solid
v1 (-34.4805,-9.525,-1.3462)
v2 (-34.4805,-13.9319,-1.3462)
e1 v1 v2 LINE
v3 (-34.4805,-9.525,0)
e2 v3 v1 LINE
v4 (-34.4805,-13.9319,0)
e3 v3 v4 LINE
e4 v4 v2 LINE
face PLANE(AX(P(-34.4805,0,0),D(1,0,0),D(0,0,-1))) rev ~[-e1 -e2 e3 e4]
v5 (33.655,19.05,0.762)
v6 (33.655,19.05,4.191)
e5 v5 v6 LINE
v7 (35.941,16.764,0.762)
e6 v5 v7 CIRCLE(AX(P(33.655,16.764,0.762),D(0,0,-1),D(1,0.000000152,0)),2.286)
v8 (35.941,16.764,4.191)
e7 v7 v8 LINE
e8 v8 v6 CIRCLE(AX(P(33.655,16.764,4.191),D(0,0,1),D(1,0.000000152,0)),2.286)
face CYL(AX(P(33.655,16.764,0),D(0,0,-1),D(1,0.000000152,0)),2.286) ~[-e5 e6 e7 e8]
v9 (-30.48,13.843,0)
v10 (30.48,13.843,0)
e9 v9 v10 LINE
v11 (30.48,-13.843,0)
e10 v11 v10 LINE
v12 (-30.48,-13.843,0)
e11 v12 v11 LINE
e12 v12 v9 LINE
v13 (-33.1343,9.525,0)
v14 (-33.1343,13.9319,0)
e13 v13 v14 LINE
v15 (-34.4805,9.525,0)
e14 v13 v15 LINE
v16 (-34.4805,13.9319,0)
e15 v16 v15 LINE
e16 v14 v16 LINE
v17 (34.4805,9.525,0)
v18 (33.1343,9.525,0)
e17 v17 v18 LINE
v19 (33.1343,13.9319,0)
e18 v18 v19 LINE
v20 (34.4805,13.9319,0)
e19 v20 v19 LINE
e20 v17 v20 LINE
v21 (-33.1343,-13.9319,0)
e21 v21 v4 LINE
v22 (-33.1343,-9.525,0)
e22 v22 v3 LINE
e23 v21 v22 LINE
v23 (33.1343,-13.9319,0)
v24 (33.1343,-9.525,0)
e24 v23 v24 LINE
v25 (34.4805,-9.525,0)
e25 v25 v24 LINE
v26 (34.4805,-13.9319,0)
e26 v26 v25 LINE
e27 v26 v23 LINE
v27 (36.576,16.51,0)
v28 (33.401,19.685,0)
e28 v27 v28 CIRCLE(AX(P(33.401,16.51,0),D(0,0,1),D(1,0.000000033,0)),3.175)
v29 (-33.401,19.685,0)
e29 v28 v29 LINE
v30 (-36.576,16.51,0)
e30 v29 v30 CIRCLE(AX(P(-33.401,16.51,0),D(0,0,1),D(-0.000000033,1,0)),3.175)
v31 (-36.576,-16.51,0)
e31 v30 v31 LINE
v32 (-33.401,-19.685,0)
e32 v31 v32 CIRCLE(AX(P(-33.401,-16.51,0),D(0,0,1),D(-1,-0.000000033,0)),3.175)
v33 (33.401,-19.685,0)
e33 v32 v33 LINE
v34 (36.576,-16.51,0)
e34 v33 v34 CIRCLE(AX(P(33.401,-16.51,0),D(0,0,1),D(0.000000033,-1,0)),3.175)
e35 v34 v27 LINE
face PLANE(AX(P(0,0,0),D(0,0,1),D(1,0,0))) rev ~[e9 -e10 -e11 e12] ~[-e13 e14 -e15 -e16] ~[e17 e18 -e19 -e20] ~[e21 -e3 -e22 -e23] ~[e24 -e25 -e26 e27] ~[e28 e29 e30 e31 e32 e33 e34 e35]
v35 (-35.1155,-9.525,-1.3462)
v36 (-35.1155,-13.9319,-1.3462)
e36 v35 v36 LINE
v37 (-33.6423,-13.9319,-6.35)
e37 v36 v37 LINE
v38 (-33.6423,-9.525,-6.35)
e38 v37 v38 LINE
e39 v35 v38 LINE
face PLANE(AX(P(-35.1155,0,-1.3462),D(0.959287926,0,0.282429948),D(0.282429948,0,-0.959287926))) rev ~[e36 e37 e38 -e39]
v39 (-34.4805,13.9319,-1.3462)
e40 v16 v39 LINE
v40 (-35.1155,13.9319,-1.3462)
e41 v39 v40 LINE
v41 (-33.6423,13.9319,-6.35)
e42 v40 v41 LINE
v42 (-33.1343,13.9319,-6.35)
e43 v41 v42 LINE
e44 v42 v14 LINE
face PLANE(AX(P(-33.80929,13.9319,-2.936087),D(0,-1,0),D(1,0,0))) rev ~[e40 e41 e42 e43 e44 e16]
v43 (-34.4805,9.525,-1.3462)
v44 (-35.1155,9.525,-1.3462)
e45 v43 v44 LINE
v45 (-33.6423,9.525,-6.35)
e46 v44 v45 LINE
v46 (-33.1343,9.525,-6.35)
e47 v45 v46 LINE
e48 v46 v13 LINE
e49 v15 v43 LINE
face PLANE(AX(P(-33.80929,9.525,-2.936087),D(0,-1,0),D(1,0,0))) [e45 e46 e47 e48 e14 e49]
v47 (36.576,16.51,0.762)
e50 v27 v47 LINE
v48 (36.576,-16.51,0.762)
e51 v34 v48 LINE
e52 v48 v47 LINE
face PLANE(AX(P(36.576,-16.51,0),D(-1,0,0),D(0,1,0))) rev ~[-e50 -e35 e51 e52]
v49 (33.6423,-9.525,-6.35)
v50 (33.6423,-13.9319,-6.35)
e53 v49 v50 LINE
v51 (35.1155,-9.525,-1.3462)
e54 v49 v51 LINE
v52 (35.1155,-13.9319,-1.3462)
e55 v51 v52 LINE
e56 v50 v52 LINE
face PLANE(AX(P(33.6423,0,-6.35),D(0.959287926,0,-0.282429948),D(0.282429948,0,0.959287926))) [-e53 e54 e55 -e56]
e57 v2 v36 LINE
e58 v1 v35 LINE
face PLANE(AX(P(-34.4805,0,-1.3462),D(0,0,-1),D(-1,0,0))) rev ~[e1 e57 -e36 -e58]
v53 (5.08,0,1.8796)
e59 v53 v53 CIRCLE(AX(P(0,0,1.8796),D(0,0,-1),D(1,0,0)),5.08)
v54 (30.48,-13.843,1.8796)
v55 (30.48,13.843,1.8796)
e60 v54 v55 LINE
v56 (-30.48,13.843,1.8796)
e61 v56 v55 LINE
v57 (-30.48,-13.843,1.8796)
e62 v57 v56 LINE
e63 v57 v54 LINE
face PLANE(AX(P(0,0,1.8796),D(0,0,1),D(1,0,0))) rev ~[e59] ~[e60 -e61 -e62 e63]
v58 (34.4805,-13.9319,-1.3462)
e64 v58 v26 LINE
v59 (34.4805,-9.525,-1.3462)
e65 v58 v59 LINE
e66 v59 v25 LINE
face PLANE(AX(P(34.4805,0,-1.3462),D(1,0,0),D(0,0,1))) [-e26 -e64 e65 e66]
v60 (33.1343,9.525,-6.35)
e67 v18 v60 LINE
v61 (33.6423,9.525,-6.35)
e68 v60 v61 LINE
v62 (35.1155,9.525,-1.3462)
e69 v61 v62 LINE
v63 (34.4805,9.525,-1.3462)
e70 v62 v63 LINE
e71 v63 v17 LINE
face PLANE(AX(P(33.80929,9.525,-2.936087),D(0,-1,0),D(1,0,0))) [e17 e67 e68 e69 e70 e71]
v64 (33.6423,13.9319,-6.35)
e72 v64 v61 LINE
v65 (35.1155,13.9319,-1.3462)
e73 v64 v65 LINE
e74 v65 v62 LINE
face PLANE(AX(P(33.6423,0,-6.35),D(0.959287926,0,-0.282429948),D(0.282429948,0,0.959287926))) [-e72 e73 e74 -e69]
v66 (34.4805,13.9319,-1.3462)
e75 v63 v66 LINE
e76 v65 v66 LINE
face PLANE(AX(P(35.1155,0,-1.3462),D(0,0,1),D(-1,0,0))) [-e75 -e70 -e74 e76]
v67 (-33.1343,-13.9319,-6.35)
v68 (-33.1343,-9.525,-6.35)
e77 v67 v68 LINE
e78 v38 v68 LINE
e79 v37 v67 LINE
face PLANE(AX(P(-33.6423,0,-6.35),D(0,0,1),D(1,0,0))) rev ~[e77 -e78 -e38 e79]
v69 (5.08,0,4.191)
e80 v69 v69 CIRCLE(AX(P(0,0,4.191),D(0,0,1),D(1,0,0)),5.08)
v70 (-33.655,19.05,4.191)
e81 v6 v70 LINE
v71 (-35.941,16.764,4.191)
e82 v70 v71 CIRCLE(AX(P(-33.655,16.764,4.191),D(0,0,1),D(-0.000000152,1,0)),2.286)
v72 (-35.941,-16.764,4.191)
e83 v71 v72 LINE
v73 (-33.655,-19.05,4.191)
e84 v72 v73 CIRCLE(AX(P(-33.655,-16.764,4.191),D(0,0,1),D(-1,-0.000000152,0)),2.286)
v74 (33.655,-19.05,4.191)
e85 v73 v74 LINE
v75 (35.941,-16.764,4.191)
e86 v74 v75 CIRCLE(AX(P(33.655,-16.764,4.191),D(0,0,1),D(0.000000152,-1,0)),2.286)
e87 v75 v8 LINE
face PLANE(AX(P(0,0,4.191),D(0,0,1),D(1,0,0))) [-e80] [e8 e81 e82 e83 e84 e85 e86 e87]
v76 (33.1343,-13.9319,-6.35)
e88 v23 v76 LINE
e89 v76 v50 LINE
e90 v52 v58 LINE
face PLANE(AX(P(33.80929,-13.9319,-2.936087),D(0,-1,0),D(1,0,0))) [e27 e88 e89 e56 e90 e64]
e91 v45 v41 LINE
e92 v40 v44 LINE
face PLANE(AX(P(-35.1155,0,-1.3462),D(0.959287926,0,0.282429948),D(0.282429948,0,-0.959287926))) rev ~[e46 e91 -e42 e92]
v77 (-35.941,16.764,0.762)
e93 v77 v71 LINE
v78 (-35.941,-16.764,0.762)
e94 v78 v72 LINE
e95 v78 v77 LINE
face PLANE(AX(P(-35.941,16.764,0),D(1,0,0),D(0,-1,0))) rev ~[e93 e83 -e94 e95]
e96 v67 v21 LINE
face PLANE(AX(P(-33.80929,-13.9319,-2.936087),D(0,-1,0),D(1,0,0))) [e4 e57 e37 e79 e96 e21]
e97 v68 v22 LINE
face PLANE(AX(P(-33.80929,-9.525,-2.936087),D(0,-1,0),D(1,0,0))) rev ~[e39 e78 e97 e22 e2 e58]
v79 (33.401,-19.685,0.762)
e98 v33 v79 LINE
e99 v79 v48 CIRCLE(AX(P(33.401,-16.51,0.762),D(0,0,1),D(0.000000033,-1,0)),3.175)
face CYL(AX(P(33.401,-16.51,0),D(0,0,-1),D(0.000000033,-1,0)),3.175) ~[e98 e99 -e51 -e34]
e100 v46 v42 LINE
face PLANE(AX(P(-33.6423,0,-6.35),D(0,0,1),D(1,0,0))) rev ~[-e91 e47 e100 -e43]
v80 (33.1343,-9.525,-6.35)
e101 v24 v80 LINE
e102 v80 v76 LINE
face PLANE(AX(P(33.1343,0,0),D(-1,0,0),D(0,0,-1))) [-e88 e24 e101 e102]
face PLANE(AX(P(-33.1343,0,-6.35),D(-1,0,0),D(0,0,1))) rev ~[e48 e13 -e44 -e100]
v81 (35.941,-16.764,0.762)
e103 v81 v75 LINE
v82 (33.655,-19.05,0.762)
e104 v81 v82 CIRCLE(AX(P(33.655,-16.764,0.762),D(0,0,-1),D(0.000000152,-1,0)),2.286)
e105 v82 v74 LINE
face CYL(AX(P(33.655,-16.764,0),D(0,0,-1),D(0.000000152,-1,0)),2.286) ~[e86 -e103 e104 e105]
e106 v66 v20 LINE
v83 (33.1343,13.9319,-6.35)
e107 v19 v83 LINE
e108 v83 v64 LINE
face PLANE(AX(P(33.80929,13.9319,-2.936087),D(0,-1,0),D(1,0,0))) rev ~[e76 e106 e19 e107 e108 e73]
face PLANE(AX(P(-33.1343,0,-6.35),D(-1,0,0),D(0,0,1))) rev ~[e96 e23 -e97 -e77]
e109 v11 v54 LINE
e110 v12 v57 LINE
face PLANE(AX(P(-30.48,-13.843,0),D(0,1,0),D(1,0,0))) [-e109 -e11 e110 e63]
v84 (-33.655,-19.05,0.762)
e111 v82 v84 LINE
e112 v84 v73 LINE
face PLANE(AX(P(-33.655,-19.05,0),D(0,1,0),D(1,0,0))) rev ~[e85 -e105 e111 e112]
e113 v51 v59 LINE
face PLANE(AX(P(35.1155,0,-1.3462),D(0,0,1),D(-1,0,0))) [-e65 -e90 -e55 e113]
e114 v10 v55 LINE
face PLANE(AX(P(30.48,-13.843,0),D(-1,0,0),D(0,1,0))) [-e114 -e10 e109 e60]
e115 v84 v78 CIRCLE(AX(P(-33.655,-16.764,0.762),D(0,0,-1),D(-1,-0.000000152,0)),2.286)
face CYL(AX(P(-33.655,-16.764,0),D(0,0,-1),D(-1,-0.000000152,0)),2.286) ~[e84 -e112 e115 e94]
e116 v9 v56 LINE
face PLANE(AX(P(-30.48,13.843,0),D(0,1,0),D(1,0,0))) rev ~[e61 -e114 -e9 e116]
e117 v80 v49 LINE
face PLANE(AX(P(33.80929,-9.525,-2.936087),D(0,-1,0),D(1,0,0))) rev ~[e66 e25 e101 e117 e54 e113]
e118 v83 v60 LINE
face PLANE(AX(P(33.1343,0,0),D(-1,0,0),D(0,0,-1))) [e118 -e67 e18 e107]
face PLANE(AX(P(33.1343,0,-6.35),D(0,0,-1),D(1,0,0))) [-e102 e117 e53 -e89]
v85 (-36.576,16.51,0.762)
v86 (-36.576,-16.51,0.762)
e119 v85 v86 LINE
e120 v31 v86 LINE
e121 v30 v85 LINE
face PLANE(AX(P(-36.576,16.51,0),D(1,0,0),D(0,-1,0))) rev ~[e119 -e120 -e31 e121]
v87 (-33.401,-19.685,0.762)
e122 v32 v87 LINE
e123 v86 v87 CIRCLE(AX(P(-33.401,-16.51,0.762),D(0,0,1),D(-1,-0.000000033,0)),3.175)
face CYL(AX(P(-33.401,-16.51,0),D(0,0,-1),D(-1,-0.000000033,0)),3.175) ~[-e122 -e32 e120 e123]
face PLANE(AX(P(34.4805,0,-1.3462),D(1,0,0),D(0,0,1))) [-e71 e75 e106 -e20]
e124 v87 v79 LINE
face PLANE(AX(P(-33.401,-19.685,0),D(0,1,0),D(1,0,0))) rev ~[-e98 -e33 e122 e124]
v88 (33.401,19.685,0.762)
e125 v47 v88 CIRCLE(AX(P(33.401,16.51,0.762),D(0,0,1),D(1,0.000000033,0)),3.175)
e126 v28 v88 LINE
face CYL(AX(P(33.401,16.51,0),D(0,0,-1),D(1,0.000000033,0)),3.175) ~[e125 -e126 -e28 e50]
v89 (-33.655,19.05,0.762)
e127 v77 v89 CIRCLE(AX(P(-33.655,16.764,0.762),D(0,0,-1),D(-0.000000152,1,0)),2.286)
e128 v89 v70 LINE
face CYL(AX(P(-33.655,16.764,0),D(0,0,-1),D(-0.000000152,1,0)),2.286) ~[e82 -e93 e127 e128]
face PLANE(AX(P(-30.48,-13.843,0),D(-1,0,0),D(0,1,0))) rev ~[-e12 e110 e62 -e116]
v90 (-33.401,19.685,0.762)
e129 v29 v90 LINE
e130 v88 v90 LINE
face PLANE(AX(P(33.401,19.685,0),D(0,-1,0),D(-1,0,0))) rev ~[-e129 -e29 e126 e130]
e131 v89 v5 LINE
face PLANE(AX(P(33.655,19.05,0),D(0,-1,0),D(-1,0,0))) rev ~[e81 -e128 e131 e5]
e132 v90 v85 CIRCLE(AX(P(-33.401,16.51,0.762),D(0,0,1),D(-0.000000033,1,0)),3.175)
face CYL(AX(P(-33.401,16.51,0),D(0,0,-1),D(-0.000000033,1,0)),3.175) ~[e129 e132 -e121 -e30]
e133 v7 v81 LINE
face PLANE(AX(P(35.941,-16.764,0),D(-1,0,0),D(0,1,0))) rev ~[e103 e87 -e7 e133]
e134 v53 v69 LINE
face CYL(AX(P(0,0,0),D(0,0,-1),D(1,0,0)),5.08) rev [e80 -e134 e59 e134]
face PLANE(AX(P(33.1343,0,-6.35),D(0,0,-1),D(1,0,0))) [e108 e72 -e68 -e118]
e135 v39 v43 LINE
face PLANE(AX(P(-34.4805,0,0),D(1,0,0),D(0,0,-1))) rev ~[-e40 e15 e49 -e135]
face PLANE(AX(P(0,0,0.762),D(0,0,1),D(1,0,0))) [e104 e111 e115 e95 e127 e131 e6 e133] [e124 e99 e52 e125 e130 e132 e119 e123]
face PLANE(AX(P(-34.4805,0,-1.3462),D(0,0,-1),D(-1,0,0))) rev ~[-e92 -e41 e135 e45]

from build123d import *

# Parameters (mm, degrees)
F0_R     = 5.08
F1_DEPTH = 0.762
F2_R     = 5.08
F3_DEPTH = 4.191
F4_W     = 60.96
F4_H     = 27.686
F5_DEPTH = 1.8796
F7_DEPTH = 13.9319
F8_DEPTH = 9.525


with BuildPart() as f1:
    # F0 (on Top) → F1 (new body)
    with BuildSketch(Plane.XY):
        with BuildLine():
            Line((33.401, 19.685), (-33.401, 19.685))
            ThreePointArc((-33.401, 19.685), (-35.646064, 18.755064), (-36.576, 16.51))
            Line((-36.576, 16.51), (-36.576, -16.51))
            ThreePointArc((-36.576, -16.51), (-35.646064, -18.755064), (-33.401, -19.685))
            Line((-33.401, -19.685), (33.401, -19.685))
            ThreePointArc((33.401, -19.685), (35.646064, -18.755064), (36.576, -16.51))
            Line((36.576, -16.51), (36.576, 16.51))
            ThreePointArc((36.576, 16.51), (35.646064, 18.755064), (33.401, 19.685))
        make_face()
        Circle(F0_R, mode=Mode.SUBTRACT)
    extrude(amount=F1_DEPTH)

    # F2 (on Top) → F3 (join)
    with BuildSketch(Plane.XY):
        with BuildLine():
            Line((33.655, 19.05), (-33.655, 19.05))
            ThreePointArc((-33.655, 19.05), (-35.271446, 18.380446), (-35.941, 16.764))
            Line((-35.941, 16.764), (-35.941, -16.764))
            ThreePointArc((-35.941, -16.764), (-35.271446, -18.380446), (-33.655, -19.05))
            Line((-33.655, -19.05), (33.655, -19.05))
            ThreePointArc((33.655, -19.05), (35.271446, -18.380446), (35.941, -16.764))
            Line((35.941, -16.764), (35.941, 16.764))
            ThreePointArc((35.941, 16.764), (35.271446, 18.380446), (33.655, 19.05))
        make_face()
        Circle(F2_R, mode=Mode.SUBTRACT)
    extrude(amount=F3_DEPTH)

    # F4 (on Top) → F5 (cut)
    with BuildSketch(Plane.XY):
        Rectangle(F4_W, F4_H)
    extrude(amount=F5_DEPTH, mode=Mode.SUBTRACT)

    # F6 (on Front) → F7 (join, symmetric)
    with BuildSketch(Plane.XZ):
        Polygon((-33.1343, 0), (-34.4805, 0), (-34.4805, -1.3462), (-35.1155, -1.3462), (-33.6423, -6.35), (-33.1343, -6.35), align=None)
        Polygon((33.1343, 0), (33.1343, -6.35), (33.6423, -6.35), (35.1155, -1.3462), (34.4805, -1.3462), (34.4805, 0), align=None)
    extrude(amount=F7_DEPTH, both=True)

    # F6 (on Front) → F8 (cut, symmetric)
    with BuildSketch(Plane.XZ):
        Polygon((-33.1343, 0), (-34.4805, 0), (-34.4805, -1.3462), (-35.1155, -1.3462), (-33.6423, -6.35), (-33.1343, -6.35), align=None)
        Polygon((33.1343, 0), (33.1343, -6.35), (33.6423, -6.35), (35.1155, -1.3462), (34.4805, -1.3462), (34.4805, 0), align=None)
    extrude(amount=F8_DEPTH, both=True, mode=Mode.SUBTRACT)


solid = f1.part
